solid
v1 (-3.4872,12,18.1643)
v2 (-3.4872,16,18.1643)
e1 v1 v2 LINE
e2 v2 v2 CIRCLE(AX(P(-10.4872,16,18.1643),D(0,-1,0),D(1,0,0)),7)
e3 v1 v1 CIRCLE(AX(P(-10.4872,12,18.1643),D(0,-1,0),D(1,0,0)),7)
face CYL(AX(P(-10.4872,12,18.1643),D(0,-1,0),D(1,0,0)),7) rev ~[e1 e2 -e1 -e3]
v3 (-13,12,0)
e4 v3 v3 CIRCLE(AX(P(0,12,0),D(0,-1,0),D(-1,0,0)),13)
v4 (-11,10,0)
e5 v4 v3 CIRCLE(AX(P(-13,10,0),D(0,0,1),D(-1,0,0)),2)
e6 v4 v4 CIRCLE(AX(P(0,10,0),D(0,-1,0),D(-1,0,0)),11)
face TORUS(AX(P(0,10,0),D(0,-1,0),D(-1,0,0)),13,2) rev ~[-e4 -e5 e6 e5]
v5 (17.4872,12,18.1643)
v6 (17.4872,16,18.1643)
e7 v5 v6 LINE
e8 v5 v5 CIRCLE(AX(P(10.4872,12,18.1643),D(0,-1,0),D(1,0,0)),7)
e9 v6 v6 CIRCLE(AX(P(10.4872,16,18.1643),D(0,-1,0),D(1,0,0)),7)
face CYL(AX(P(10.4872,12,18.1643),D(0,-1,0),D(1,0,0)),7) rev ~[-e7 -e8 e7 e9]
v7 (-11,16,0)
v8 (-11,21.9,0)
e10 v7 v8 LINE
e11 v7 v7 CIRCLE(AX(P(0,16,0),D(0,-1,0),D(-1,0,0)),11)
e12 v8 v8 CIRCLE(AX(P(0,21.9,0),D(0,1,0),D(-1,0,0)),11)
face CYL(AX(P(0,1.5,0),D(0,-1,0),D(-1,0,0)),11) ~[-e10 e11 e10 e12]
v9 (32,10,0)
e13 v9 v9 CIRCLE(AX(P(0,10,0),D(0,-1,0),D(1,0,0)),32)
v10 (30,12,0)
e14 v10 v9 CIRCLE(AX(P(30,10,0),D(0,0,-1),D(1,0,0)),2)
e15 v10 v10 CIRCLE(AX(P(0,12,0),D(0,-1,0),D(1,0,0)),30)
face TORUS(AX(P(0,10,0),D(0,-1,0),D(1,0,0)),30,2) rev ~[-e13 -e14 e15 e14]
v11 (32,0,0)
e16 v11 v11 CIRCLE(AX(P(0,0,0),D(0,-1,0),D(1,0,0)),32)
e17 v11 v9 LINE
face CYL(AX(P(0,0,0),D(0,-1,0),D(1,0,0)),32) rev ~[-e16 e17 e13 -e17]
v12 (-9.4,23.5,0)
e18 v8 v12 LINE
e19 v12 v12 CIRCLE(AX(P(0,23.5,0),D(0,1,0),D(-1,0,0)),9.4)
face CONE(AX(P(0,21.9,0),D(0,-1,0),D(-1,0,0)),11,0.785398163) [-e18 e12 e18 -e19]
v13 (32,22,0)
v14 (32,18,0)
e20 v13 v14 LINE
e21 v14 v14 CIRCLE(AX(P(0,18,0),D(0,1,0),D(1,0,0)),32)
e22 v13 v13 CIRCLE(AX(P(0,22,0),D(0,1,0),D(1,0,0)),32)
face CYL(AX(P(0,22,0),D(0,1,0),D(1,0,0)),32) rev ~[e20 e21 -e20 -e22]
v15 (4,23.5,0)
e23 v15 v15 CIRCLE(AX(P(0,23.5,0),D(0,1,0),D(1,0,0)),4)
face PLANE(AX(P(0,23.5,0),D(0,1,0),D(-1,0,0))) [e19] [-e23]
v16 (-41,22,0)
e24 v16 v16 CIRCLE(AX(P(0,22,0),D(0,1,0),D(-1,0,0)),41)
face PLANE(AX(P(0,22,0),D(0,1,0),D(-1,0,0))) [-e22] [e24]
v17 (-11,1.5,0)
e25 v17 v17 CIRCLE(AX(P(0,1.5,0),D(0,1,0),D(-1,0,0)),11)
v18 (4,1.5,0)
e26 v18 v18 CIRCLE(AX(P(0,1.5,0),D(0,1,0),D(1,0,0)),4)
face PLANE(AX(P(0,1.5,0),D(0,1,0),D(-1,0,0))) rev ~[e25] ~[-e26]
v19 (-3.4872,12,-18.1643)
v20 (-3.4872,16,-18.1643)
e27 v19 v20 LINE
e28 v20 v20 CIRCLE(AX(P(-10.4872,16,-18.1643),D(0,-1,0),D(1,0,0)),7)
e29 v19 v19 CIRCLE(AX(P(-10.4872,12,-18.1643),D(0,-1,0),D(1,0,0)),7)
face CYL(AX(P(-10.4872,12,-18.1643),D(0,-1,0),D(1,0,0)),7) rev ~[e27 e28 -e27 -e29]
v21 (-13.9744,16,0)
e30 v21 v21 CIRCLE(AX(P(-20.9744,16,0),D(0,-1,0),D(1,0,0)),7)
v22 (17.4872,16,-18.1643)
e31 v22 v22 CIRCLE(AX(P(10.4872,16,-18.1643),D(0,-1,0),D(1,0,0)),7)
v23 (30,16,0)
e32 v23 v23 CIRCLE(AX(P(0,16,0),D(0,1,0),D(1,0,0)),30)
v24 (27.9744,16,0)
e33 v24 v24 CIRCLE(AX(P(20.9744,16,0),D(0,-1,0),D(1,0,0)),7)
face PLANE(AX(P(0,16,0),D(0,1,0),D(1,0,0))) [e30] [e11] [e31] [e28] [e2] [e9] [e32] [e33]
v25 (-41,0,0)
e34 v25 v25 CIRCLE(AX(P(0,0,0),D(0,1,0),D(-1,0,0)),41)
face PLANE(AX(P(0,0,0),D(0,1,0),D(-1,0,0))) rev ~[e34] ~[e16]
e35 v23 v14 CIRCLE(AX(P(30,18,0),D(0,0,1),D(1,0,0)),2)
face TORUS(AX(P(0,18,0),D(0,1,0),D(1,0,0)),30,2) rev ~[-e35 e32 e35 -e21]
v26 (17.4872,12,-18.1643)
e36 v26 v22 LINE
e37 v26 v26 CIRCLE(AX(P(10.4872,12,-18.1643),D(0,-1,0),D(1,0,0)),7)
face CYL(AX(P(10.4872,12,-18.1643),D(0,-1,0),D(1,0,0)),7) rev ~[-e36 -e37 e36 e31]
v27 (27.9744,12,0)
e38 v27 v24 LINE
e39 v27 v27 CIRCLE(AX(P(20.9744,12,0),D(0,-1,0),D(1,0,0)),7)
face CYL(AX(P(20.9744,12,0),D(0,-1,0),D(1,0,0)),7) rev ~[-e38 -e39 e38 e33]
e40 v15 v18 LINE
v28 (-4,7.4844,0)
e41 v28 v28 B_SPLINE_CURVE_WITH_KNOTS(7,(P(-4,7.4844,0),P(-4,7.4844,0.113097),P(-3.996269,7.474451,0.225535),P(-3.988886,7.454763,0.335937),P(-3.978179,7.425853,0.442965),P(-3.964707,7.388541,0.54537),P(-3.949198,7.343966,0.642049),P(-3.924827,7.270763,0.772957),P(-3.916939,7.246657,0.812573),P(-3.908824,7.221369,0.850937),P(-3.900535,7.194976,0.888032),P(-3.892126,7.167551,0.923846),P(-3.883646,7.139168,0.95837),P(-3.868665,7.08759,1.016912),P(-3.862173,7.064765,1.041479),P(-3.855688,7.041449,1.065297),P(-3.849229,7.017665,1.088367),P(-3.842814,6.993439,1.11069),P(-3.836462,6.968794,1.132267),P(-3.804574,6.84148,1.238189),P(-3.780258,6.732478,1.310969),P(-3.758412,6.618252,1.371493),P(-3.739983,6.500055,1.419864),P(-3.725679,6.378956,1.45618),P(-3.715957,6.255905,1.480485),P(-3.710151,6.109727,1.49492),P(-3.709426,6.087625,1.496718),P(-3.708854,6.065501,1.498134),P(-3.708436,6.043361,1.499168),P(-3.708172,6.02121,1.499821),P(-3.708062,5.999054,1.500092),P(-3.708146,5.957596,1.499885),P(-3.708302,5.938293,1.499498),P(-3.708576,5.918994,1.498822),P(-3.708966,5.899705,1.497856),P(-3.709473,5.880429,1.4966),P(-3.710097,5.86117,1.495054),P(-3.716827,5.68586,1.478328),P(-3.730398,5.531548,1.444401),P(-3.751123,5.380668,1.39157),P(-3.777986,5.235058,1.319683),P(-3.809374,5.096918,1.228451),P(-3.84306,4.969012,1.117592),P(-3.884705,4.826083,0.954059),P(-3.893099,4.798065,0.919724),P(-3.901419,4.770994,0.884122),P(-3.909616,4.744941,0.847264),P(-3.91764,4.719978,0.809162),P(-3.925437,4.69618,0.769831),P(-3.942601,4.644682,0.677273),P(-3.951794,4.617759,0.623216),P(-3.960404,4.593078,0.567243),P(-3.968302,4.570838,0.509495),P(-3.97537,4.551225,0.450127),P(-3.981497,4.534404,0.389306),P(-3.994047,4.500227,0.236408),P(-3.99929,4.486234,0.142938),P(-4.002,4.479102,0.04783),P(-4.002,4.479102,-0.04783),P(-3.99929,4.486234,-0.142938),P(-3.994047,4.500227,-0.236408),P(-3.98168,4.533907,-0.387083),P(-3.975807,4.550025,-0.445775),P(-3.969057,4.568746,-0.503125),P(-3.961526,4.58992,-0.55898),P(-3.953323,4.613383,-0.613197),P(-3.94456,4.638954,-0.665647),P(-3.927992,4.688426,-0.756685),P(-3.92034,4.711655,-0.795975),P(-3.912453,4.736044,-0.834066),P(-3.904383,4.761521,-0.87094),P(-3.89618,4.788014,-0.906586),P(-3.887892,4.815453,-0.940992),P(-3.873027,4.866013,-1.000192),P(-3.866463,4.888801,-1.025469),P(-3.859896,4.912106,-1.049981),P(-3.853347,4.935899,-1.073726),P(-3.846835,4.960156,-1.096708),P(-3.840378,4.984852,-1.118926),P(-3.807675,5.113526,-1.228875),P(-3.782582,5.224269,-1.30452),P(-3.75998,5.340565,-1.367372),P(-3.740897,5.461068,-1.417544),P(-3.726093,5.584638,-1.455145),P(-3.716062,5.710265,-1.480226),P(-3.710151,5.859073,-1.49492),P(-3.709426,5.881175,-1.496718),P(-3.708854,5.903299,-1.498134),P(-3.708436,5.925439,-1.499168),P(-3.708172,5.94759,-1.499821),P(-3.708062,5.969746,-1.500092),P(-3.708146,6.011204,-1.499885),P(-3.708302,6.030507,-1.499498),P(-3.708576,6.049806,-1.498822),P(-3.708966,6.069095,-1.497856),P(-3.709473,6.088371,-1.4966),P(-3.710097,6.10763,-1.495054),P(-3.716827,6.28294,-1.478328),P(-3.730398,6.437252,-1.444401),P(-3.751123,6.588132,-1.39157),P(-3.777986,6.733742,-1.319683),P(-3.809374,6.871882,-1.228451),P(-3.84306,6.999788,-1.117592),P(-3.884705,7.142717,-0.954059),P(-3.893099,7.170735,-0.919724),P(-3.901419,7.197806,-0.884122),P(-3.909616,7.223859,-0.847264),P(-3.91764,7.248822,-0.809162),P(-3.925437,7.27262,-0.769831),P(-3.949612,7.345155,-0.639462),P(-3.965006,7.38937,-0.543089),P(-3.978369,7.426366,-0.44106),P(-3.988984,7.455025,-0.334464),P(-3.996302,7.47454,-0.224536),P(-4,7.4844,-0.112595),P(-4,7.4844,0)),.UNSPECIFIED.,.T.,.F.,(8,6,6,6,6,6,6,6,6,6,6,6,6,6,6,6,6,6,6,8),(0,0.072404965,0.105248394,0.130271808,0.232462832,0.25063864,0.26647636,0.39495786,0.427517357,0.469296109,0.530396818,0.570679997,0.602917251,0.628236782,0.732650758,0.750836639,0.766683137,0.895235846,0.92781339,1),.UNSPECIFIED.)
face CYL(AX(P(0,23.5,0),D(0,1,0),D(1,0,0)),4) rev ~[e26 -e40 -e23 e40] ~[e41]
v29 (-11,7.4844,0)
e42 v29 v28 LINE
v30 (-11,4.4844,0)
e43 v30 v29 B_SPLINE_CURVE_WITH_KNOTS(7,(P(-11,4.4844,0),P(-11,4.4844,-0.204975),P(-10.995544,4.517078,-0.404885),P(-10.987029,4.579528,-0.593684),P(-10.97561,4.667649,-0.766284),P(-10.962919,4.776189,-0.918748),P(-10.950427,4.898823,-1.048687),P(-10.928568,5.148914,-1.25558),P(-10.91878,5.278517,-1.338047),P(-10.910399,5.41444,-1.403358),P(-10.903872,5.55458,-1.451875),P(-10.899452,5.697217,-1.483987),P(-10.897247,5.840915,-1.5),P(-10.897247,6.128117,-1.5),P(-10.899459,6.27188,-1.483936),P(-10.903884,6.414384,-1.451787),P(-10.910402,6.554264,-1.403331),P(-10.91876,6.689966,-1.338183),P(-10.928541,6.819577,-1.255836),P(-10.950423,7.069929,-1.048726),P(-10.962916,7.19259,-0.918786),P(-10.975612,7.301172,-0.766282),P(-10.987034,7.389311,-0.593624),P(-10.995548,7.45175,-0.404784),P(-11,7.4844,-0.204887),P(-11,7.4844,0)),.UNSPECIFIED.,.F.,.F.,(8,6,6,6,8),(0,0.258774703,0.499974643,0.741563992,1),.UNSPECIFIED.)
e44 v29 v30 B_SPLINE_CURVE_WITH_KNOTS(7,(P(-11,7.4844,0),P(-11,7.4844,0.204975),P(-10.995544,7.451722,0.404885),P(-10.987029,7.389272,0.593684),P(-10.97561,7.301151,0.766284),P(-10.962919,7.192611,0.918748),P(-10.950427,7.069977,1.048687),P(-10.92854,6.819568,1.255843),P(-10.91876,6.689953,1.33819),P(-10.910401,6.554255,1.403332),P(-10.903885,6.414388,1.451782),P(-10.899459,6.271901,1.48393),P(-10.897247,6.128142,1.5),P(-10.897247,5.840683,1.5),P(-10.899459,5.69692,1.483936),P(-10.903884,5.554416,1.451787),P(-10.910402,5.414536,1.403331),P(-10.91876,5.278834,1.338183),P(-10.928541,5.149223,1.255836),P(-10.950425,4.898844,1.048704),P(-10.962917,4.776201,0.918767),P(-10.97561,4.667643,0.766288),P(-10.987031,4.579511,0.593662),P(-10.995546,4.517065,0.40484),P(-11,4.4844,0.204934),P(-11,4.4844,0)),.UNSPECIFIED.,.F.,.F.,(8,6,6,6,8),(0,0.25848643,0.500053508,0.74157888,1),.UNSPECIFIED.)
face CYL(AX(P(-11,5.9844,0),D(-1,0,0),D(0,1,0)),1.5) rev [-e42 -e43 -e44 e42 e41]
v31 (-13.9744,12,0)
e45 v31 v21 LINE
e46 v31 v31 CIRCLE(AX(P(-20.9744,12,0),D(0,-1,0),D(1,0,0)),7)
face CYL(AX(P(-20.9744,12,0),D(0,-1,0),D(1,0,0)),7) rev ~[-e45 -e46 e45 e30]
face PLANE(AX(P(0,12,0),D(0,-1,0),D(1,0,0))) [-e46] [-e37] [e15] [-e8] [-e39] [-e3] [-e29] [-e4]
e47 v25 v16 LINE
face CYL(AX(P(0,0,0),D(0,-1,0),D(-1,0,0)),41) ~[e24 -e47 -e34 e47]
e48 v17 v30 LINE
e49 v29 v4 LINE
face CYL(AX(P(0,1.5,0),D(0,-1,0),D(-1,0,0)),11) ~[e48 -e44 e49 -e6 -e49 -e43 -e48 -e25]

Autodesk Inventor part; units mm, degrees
ref_plane "XY Plane" through (0, 0, 0) normal (0, 0, 1) x (1, 0, 0)
sketch "Sketch1" plane through (0, 0, 0) normal (0, 1, 0) x (-1, 0, 0)
  circle A0 centre (0, 0) radius 41
  dimension "d0" = 82
extrude "Extrusion1" add sketch "Sketch1" along normal blind 22
sketch "Sketch2" plane through (0, 22, 0) normal (0, 1, 0) x (1, 0, 0)
  circle A0 centre (0, 0) radius 32
  dimension "d3" = 64
extrude "Extrusion2" cut sketch "Sketch2" against normal blind 6
sketch "Sketch3" plane through (0, 0, 0) normal (0, -1, 0) x (1, 0, 0)
  circle A0 centre (0, 0) radius 32
  dimension "d6" = 64
extrude "Extrusion3" cut sketch "Sketch3" against normal blind 12
ref_plane "Work Plane1" through (0, 1.5, 0) normal (0, 1, 0) x (-1, 0, 0)
sketch "Sketch4" plane through (0, 1.5, 0) normal (0, 1, 0) x (-1, 0, 0)
  circle A0 centre (0, 0) radius 11
  dimension "d10" = 22
extrude "Extrusion4" add sketch "Sketch4" along normal blind 22
sketch "Sketch5" plane through (0, 23.5, 0) normal (0, 1, 0) x (1, 0, 0)
  circle A0 centre (0, 0) radius 4
  dimension "d13" = 8
extrude "Extrusion5" cut sketch "Sketch5" against normal through all
ref_plane "Work Plane2" through (-11, 0, 0) normal (1, 0, 0) x (0, 1, 0)
sketch "Sketch6" plane through (-11, 0, 0) normal (1, 0, 0) x (0, 1, 0)
  circle A0 centre (5.9844, 0) radius 1.5
  point P0 (0, 0)
  dimension "d17" = 3
  dimension "d33" = 5.9844
extrude "Extrusion6" cut sketch "Sketch6" along normal blind 10
sketch "Sketch7" plane through (0, 12, 0) normal (0, -1, 0) x (1, 0, 0)
  circle A0 centre (20.9744, 0) radius 7
  circle A1 centre (10.4872, 18.1643) radius 7
  circle A2 centre (-10.4872, 18.1643) radius 7
  circle A3 centre (-20.9744, 0) radius 7
  circle A4 centre (-10.4872, -18.1643) radius 7
  circle A5 centre (10.4872, -18.1643) radius 7
  point P0 (0, 0)
  dimension "d20" = 14
  dimension "d23" = 360
  dimension "d34" = 20.9744
extrude "Extrusion7" cut sketch "Sketch7" against normal through all
fillet "Fillet1" radius 2 1 edges at (11, 12, 0)
fillet "Fillet2" radius 2 1 edges at (-32, 12, 0)
fillet "Fillet3" radius 2 1 edges at (-32, 16, 0)
chamfer "Chamfer1" distance 1.6 angle 45 1 edges at (11, 23.5, 0)
properties part number "reverse gear fly wheel"
